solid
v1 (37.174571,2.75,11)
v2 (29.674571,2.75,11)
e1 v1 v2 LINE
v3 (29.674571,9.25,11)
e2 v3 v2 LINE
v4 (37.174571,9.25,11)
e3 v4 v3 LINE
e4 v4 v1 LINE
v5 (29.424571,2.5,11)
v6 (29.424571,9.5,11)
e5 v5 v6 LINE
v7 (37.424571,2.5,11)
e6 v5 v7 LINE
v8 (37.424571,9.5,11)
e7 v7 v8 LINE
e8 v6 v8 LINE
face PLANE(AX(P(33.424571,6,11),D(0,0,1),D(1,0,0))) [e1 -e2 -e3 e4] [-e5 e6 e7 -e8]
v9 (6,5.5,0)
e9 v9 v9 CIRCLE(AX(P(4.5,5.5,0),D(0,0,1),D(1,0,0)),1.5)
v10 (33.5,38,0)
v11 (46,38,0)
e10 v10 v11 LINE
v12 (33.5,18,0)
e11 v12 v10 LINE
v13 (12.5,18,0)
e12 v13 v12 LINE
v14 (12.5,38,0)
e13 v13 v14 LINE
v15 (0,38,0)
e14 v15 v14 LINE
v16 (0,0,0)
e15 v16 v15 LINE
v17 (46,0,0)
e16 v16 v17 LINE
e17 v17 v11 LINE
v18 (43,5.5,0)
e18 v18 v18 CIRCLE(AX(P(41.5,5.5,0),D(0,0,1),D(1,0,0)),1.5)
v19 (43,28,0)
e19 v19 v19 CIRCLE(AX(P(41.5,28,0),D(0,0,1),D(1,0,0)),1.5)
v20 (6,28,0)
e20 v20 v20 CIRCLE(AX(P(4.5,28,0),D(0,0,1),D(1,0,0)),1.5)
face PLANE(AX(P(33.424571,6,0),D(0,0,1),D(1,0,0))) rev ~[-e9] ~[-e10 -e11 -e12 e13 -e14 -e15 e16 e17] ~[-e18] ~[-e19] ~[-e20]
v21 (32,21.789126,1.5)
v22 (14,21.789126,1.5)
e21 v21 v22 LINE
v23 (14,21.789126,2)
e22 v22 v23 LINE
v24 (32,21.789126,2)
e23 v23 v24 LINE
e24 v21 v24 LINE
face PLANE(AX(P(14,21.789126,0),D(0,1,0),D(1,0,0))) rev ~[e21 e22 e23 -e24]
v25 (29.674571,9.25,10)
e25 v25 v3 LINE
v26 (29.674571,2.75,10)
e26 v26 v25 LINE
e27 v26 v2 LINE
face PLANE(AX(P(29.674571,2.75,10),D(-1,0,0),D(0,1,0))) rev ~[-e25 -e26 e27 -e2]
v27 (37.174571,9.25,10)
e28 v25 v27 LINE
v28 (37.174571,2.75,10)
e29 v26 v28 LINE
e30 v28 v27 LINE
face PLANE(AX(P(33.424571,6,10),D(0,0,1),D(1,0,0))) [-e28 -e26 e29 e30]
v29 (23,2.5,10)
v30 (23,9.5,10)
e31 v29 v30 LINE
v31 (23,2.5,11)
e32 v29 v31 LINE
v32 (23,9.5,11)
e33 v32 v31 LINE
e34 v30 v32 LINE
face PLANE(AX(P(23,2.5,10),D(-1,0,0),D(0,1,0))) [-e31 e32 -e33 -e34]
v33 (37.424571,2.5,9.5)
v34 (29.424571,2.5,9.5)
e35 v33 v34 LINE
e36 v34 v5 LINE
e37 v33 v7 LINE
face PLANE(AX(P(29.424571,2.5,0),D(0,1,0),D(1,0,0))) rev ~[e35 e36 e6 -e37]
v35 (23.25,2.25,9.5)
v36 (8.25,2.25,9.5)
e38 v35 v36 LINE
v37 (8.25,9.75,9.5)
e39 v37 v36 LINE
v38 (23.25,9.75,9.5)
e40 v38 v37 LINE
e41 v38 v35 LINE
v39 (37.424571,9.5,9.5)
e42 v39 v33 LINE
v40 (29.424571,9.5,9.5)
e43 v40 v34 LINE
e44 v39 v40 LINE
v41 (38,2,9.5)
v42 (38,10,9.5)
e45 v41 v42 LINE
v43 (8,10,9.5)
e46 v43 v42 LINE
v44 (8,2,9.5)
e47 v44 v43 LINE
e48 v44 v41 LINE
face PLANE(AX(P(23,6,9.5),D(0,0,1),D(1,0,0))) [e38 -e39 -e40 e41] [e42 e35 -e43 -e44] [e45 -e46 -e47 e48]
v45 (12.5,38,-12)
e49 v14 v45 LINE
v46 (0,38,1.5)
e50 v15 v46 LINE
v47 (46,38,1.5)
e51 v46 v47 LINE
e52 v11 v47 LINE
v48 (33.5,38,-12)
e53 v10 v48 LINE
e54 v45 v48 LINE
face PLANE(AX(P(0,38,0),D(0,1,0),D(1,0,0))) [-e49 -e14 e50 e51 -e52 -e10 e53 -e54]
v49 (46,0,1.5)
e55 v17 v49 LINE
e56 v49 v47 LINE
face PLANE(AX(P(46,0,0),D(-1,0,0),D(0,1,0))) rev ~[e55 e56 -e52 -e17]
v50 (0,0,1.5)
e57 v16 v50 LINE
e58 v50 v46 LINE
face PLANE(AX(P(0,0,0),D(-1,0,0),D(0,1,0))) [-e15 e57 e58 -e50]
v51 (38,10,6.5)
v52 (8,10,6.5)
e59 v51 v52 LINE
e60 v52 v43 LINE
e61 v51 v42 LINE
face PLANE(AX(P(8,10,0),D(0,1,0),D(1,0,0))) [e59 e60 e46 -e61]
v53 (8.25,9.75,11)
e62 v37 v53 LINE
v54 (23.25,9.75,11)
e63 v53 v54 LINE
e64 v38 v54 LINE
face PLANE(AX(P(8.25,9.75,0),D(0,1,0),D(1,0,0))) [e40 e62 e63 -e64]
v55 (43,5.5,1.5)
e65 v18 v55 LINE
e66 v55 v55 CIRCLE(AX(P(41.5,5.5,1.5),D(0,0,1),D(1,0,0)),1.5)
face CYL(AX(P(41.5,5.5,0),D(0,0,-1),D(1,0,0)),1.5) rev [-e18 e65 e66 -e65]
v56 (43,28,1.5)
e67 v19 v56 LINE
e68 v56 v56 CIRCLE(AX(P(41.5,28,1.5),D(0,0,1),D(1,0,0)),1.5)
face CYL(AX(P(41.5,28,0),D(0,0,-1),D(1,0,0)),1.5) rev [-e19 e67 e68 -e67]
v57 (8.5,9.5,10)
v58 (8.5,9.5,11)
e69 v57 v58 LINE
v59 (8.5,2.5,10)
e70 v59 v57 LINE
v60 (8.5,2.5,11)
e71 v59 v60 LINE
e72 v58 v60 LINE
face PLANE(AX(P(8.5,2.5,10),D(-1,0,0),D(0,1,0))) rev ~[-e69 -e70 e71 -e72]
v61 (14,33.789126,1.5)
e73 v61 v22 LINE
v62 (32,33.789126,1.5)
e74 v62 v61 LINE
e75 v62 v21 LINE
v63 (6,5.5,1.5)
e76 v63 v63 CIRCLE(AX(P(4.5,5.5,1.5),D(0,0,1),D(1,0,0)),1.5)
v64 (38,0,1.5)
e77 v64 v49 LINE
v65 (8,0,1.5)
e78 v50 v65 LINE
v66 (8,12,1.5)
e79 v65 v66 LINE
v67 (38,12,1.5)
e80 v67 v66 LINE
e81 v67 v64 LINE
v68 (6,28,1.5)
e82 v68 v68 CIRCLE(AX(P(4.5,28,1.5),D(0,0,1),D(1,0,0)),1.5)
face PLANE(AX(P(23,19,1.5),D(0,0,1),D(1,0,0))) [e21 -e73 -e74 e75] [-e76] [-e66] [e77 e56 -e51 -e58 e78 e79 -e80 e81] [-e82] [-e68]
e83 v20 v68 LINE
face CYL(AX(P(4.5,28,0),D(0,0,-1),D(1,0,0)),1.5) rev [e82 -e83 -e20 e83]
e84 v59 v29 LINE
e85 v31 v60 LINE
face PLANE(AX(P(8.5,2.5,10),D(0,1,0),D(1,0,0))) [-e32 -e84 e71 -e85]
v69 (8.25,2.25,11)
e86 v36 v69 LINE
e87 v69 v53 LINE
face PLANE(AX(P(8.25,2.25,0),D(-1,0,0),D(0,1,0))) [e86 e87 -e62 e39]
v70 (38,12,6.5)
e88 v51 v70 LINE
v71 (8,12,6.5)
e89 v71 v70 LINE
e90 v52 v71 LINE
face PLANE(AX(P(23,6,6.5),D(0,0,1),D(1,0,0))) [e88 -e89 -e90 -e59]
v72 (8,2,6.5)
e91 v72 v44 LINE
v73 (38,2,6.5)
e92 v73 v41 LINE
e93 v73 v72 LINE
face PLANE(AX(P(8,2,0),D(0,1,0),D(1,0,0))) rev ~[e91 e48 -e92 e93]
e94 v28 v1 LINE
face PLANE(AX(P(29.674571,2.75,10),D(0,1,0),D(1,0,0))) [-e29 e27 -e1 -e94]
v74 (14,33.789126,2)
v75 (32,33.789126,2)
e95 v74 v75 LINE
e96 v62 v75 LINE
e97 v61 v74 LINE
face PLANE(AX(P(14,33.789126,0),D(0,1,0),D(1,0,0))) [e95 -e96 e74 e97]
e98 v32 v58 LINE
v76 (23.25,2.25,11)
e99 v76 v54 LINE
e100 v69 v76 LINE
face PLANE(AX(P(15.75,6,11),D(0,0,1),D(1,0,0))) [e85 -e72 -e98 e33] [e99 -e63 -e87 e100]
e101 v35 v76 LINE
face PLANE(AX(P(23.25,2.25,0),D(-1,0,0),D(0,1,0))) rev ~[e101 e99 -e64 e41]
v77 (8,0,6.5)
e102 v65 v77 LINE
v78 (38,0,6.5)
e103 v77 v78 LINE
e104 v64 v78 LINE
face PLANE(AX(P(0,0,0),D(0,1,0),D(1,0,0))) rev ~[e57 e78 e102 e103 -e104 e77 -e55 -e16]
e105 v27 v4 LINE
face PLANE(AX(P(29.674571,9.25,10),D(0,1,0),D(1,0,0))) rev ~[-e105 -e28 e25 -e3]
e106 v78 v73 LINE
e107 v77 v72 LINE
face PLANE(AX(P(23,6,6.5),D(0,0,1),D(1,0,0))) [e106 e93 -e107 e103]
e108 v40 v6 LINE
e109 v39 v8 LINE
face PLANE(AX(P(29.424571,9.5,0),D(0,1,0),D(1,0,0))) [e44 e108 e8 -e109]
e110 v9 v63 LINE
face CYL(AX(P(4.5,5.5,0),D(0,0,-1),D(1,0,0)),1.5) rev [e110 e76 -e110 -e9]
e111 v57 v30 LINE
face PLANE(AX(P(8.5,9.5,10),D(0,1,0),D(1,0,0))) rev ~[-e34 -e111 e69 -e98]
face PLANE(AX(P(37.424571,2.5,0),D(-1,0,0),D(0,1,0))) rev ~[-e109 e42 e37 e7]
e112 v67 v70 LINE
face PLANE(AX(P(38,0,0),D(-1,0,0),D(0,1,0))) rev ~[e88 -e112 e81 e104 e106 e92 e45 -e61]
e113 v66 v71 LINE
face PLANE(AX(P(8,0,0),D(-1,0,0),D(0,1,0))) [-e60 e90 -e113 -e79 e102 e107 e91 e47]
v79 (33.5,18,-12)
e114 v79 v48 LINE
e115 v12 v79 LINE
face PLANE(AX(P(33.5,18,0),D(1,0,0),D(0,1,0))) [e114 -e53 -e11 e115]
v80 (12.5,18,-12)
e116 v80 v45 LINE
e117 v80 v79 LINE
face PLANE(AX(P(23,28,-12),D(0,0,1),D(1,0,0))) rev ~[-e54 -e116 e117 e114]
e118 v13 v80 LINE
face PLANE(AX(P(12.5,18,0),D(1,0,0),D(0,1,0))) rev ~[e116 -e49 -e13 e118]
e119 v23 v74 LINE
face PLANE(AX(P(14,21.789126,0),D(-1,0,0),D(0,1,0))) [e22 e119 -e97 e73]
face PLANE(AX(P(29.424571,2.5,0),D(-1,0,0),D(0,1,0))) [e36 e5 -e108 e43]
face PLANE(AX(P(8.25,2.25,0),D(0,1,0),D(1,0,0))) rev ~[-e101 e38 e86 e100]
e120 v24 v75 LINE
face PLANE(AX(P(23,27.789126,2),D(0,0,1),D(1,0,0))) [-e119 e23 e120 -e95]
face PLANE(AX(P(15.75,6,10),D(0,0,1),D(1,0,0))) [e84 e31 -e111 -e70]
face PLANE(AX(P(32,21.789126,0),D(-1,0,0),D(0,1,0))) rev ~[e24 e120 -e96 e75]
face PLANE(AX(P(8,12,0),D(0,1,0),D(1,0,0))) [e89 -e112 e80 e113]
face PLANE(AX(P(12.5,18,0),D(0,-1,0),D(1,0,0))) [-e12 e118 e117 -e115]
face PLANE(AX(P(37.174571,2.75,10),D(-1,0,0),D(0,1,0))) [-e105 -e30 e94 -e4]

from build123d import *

# Parameters (mm, degrees)
SKETCH2_W           = 46
SKETCH2_H           = 38
SKETCH2_R           = 1.5
BOSS_EXTRUDE1_DEPTH = 1.5
SKETCH3_W           = 30
SKETCH3_H           = 12
BOSS_EXTRUDE2_DEPTH = 6.5
SKETCH4_W           = 30
SKETCH4_H           = 8
BOSS_EXTRUDE3_DEPTH = 9.5
SKETCH5_W           = 15
SKETCH5_H           = 7.5
BOSS_EXTRUDE4_DEPTH = 11
SKETCH6_W           = 14.5
SKETCH6_H           = 7
CUT_EXTRUDE1_DEPTH  = 11
SKETCH9_W           = 8
SKETCH9_H           = 7
BOSS_EXTRUDE5_DEPTH = 11
SKETCH10_W          = 7.5
SKETCH10_H          = 6.5
CUT_EXTRUDE2_DEPTH  = 11
SKETCH12_W          = 21
SKETCH12_H          = 20
BOSS_EXTRUDE6_DEPTH = 12
SKETCH13_W          = 18
SKETCH13_H          = 12
BOSS_EXTRUDE7_DEPTH = 2


with BuildPart() as part:
    # Sketch2 → Boss-Extrude1 (new body)
    with BuildSketch(Plane.XY):
        with Locations((23, 19)):
            Rectangle(SKETCH2_W, SKETCH2_H)
        with Locations((4.5, 28)):
            Circle(SKETCH2_R, mode=Mode.SUBTRACT)
        with Locations((4.5, 5.5)):
            Circle(SKETCH2_R, mode=Mode.SUBTRACT)
        with Locations((41.5, 5.5)):
            Circle(SKETCH2_R, mode=Mode.SUBTRACT)
        with Locations((41.5, 28)):
            Circle(SKETCH2_R, mode=Mode.SUBTRACT)
    extrude(amount=BOSS_EXTRUDE1_DEPTH)

    # Sketch3 → Boss-Extrude2 (add)
    with BuildSketch(Plane.XY):
        with Locations((23, 6)):
            Rectangle(SKETCH3_W, SKETCH3_H)
    extrude(amount=BOSS_EXTRUDE2_DEPTH)

    # Sketch4 → Boss-Extrude3 (add)
    with BuildSketch(Plane.XY):
        with Locations((23, 6)):
            Rectangle(SKETCH4_W, SKETCH4_H)
    extrude(amount=BOSS_EXTRUDE3_DEPTH)

    # Sketch5 → Boss-Extrude4 (add)
    with BuildSketch(Plane.XY):
        with Locations((15.75, 6)):
            Rectangle(SKETCH5_W, SKETCH5_H)
    extrude(amount=BOSS_EXTRUDE4_DEPTH)

    # Sketch6 → Cut-Extrude1 (cut)
    with BuildSketch(Plane.XY.offset(10)):
        with Locations((15.75, 6)):
            Rectangle(SKETCH6_W, SKETCH6_H)
    extrude(amount=CUT_EXTRUDE1_DEPTH, mode=Mode.SUBTRACT)

    # Sketch9 → Boss-Extrude5 (add)
    with BuildSketch(Plane.XY):
        with Locations((33.424570799, 6)):
            Rectangle(SKETCH9_W, SKETCH9_H)
    extrude(amount=BOSS_EXTRUDE5_DEPTH)

    # Sketch10 → Cut-Extrude2 (cut)
    with BuildSketch(Plane.XY.offset(10)):
        with Locations((33.424570799, 6)):
            Rectangle(SKETCH10_W, SKETCH10_H)
    extrude(amount=CUT_EXTRUDE2_DEPTH, mode=Mode.SUBTRACT)

    # Sketch12 → Boss-Extrude6 (add)
    with BuildSketch(Plane.XY):
        with Locations((23, 28)):
            Rectangle(SKETCH12_W, SKETCH12_H)
    extrude(amount=-BOSS_EXTRUDE6_DEPTH)

    # Sketch13 → Boss-Extrude7 (add)
    with BuildSketch(Plane.XY):
        with Locations((23, 27.789125994)):
            Rectangle(SKETCH13_W, SKETCH13_H)
    extrude(amount=BOSS_EXTRUDE7_DEPTH)


solid = part.part
